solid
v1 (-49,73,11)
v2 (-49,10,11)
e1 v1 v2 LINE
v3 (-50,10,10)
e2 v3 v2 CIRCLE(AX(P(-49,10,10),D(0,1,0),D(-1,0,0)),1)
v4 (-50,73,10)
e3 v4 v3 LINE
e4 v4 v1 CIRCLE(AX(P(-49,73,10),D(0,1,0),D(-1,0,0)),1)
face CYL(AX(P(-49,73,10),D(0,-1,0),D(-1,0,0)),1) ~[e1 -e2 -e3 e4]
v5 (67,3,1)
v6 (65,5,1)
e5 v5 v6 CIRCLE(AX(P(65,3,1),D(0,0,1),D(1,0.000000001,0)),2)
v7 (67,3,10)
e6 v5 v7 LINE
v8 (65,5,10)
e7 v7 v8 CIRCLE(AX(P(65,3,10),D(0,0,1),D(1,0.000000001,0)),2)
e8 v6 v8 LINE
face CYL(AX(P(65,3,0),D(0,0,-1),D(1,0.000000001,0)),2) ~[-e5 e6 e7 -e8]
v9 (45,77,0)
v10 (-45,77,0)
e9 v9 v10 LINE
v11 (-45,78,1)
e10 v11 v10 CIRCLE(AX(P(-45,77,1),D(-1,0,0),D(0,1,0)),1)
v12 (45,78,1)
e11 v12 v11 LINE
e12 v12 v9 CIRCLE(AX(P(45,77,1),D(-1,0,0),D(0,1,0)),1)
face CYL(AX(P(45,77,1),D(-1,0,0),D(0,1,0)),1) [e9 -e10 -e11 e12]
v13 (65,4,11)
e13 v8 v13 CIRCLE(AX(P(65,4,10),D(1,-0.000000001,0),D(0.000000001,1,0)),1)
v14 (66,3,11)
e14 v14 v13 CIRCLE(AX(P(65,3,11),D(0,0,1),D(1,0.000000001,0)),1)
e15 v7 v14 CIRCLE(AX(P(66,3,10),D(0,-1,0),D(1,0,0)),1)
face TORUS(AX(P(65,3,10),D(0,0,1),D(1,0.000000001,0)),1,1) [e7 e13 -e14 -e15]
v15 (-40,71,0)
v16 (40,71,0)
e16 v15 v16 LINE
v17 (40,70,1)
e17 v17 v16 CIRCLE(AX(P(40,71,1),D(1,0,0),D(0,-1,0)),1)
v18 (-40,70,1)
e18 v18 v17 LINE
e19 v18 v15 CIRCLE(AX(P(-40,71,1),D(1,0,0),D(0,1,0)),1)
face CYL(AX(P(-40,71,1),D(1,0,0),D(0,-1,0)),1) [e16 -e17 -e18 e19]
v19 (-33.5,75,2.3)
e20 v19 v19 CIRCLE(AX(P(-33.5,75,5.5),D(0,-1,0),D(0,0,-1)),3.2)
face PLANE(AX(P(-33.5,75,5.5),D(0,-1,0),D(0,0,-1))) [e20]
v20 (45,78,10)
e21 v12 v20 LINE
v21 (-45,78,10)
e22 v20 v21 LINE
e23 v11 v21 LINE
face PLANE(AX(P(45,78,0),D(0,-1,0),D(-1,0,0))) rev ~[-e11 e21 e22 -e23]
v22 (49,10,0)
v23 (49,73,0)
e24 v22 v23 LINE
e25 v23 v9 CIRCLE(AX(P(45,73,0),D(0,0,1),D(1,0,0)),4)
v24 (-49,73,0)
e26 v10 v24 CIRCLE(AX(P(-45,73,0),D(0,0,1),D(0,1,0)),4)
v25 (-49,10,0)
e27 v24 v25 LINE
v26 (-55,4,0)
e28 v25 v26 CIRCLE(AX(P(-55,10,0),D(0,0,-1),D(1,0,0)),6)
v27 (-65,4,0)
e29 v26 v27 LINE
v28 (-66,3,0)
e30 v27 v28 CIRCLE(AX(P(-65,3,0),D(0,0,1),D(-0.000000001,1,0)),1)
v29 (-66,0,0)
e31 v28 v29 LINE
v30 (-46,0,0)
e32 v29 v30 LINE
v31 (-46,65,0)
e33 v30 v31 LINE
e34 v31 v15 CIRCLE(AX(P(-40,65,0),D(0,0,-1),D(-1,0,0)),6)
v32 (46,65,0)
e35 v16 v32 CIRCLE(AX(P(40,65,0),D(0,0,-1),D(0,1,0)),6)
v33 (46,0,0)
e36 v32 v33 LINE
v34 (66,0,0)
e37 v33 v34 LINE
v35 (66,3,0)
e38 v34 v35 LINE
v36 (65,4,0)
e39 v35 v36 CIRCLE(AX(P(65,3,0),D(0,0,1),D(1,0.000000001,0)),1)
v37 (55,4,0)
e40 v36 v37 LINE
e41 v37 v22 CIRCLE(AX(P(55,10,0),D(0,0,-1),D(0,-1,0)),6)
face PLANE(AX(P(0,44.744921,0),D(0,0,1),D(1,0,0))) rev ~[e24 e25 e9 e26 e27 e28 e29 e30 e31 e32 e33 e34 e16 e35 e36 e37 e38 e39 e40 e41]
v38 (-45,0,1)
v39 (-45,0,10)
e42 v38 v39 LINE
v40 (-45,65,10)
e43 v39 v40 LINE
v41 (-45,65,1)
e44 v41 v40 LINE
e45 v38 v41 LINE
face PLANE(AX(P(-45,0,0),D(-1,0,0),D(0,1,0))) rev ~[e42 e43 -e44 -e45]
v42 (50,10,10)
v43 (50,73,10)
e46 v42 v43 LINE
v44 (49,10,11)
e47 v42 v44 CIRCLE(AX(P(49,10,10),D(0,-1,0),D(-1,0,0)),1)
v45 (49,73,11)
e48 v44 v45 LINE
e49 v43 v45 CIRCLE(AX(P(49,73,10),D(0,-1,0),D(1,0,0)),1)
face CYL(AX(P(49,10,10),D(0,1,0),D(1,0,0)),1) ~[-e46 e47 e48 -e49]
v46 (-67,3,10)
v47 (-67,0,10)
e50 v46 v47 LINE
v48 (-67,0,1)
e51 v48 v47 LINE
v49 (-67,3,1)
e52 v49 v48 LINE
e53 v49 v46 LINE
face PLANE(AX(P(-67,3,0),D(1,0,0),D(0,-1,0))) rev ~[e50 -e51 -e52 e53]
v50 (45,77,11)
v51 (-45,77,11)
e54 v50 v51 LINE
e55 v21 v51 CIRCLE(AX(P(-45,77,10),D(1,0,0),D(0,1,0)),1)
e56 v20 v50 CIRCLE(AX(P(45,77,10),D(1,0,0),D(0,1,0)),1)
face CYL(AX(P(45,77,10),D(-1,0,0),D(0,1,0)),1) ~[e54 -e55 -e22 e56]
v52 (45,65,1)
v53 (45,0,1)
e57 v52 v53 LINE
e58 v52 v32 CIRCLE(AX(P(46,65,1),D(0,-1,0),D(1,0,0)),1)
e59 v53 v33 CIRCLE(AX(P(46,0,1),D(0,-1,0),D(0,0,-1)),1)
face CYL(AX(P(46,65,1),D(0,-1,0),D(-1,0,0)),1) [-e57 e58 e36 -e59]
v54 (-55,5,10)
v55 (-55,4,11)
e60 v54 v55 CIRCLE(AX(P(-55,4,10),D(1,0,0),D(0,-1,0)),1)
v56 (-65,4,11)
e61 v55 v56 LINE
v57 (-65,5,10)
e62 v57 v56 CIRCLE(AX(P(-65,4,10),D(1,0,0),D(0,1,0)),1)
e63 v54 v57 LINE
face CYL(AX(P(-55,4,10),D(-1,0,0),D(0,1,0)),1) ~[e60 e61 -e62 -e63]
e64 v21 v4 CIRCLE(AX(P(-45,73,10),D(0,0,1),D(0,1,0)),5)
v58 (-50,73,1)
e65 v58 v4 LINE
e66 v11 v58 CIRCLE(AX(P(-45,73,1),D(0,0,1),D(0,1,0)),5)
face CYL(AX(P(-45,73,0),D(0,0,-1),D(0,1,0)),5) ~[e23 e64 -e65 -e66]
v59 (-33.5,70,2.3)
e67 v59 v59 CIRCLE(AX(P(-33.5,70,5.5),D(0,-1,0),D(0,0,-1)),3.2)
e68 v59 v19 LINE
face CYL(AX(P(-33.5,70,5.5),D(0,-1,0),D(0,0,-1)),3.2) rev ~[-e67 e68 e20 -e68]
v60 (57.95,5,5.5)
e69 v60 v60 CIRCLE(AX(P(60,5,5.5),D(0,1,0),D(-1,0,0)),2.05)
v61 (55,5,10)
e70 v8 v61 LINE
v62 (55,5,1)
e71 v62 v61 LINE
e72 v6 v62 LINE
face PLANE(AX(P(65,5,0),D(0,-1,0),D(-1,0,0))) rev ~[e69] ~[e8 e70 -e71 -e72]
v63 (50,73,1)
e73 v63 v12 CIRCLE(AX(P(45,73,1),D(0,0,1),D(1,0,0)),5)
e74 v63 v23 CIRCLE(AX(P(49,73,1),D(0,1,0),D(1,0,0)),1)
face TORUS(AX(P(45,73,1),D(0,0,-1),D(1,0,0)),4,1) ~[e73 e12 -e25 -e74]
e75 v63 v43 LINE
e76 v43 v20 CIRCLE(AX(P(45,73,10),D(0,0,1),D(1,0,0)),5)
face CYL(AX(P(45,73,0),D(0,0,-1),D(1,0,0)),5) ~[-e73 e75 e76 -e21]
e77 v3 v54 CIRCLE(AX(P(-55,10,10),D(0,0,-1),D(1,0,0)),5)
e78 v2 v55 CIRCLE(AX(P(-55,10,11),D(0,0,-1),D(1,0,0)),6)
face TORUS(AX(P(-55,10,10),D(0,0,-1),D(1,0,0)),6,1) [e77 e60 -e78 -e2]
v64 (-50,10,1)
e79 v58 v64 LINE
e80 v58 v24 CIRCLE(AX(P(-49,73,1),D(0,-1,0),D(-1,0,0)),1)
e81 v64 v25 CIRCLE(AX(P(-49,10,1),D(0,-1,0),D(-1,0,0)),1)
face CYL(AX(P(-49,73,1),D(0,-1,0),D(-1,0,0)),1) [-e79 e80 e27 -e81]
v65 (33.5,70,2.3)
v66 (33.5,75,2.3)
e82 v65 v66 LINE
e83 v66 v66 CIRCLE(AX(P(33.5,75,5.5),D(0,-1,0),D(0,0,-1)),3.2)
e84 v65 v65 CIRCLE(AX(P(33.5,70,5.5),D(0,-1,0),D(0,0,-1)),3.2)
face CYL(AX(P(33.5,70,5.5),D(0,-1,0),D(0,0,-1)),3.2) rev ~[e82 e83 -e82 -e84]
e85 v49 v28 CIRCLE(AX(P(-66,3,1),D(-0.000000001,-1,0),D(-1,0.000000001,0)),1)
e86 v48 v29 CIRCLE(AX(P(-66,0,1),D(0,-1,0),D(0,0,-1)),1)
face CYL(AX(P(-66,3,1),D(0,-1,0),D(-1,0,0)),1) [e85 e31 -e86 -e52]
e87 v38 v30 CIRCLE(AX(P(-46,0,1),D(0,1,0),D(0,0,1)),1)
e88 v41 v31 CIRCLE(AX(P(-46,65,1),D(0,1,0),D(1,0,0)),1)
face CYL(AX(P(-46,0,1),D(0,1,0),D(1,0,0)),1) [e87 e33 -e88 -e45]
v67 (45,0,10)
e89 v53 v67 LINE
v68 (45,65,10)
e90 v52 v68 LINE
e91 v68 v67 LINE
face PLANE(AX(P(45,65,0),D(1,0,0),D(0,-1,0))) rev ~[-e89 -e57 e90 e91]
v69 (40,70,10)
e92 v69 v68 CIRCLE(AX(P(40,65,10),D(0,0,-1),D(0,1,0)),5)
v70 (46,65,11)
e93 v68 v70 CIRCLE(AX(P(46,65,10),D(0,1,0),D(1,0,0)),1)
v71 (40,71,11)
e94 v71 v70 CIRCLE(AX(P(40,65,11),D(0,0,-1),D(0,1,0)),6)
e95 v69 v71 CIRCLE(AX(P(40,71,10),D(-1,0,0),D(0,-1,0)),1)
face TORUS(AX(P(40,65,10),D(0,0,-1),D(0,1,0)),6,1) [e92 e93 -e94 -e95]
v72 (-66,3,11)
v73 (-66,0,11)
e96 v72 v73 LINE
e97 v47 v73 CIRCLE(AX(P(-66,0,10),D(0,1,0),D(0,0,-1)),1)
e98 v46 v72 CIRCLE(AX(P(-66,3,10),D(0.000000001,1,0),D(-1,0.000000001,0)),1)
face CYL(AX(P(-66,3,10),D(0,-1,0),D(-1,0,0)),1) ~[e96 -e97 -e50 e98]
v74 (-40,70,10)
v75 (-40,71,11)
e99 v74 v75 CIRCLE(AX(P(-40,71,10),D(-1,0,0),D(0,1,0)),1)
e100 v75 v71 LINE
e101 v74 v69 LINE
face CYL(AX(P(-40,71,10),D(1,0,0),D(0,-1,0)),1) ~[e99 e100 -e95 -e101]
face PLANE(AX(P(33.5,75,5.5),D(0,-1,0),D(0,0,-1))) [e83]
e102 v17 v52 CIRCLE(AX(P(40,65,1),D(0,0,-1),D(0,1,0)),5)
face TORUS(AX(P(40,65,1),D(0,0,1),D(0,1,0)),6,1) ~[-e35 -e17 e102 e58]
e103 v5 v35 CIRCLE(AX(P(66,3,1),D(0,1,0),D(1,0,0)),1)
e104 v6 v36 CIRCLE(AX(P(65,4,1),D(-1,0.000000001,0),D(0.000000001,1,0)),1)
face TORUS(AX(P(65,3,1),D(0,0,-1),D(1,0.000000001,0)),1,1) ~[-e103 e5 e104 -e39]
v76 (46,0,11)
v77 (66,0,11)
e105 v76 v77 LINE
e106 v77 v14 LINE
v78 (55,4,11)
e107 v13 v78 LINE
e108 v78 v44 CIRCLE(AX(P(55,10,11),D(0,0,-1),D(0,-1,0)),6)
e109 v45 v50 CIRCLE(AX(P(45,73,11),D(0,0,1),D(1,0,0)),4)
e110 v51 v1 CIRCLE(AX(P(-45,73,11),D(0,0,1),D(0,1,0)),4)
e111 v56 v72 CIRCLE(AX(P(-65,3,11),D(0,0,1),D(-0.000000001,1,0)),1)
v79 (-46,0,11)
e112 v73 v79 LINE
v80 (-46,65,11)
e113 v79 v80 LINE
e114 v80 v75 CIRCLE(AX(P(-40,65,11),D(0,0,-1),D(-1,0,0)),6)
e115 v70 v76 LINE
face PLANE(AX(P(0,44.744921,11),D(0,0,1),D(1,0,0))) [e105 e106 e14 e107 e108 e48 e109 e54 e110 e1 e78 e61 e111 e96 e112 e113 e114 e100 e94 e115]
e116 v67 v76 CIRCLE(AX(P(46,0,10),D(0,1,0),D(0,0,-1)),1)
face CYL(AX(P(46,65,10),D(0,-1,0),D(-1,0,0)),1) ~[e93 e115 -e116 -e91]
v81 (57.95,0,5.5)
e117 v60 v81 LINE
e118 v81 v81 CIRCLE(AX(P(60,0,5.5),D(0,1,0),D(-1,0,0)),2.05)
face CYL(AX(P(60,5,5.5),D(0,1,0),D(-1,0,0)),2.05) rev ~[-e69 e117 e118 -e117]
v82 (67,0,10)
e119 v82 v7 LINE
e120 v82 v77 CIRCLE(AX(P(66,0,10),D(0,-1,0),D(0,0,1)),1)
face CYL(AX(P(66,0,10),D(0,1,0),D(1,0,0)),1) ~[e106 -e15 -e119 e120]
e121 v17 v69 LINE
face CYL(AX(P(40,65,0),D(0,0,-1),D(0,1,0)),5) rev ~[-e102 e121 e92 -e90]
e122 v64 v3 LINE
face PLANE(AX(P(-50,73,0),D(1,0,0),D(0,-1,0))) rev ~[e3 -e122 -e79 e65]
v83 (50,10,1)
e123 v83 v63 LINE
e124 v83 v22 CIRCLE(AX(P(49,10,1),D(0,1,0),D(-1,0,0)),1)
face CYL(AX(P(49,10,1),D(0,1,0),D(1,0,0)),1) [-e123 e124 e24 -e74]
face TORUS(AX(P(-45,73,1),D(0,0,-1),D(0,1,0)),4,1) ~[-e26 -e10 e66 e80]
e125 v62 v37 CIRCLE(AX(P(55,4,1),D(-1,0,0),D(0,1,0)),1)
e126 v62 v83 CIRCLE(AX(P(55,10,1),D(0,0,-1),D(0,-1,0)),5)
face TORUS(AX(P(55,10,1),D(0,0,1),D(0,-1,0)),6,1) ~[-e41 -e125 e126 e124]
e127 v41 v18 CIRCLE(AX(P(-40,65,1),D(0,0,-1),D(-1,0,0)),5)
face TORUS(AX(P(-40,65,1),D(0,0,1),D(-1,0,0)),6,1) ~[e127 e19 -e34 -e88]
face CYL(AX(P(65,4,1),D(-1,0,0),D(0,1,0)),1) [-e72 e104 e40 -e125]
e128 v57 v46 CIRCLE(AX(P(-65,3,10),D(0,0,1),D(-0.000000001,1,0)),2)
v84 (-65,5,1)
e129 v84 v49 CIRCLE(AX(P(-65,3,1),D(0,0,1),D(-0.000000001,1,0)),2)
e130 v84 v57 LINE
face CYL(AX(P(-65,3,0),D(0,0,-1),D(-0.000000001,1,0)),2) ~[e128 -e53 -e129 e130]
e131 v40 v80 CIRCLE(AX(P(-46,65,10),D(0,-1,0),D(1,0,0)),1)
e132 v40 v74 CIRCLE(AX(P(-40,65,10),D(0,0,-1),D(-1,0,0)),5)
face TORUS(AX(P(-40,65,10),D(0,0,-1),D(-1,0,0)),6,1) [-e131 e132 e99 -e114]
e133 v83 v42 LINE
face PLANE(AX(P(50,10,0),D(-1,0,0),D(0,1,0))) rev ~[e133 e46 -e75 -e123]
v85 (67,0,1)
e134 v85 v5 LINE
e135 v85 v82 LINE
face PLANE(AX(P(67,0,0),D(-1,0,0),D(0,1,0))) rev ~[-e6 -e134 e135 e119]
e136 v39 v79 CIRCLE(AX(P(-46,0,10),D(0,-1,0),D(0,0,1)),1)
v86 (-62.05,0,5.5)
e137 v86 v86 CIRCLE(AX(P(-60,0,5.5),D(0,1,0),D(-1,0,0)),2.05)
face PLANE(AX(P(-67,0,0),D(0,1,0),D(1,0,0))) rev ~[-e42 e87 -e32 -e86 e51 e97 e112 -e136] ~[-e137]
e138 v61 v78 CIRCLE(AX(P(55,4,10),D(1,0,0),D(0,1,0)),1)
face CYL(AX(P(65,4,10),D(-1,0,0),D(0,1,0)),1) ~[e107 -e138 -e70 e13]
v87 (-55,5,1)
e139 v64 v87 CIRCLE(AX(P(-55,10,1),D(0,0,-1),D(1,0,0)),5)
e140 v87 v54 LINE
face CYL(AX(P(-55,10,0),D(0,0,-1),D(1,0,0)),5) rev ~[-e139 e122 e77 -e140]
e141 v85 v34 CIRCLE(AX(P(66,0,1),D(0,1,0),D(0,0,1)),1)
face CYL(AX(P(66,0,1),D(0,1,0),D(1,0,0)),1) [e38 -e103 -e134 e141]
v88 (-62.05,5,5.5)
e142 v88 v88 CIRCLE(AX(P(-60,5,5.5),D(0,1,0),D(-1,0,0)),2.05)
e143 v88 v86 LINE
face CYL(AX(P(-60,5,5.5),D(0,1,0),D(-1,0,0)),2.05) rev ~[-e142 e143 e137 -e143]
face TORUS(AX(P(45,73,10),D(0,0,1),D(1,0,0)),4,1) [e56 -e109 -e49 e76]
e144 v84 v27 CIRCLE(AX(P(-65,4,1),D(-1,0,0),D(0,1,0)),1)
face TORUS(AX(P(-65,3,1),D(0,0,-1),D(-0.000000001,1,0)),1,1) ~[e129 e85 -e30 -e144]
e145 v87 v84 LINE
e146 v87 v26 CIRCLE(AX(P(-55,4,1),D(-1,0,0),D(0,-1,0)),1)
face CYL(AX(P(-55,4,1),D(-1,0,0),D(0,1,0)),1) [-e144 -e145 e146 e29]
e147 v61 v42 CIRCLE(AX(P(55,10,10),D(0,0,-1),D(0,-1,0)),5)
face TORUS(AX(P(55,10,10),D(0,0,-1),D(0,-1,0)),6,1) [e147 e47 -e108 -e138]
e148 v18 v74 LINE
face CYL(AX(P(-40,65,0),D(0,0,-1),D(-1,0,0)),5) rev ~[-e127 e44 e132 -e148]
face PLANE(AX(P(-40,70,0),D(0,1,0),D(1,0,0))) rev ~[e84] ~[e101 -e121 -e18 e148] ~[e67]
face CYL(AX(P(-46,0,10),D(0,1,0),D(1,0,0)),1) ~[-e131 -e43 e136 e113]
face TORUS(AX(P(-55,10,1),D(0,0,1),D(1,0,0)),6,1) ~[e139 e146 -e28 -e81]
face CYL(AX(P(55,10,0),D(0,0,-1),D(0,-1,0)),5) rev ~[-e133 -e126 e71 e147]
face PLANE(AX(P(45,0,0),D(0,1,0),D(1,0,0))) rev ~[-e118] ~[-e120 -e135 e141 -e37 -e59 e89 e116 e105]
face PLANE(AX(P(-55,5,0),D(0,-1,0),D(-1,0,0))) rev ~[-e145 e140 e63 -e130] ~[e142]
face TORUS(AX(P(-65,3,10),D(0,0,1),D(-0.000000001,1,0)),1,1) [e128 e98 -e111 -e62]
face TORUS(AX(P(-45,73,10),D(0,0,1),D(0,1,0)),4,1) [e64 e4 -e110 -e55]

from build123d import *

# Parameters (mm, degrees)
BOSS_EXTRU_1_DEPTH      = 11
CONG_1_R                = 1
ESQUISSE2_R             = 3.2
ENL_V_MAT_EXTRU_1_DEPTH = 5
ESQUISSE3_R             = 2.05
ENL_V_MAT_EXTRU_2_DEPTH = 100.694533451


with BuildPart() as part:
    # Esquisse1 → Boss.-Extru.1 (new body)
    with BuildSketch(Plane.XY):
        with BuildLine():
            Line((-67, 0), (-45, 0))
            Line((-45, 0), (-45, 65))
            ThreePointArc((-45, 65), (-43.535533906, 68.535533906), (-40, 70))
            Line((-40, 70), (40, 70))
            ThreePointArc((40, 70), (43.535533906, 68.535533906), (45, 65))
            Line((45, 65), (45, 0))
            Line((45, 0), (67, 0))
            Line((67, 0), (67, 3))
            ThreePointArc((67, 3), (66.414213562, 4.414213562), (65, 5))
            Line((65, 5), (55, 5))
            ThreePointArc((55, 5), (51.464466094, 6.464466094), (50, 10))
            Line((50, 10), (50, 73))
            ThreePointArc((50, 73), (48.535533906, 76.535533906), (45, 78))
            Line((45, 78), (-45, 78))
            ThreePointArc((-45, 78), (-48.535533906, 76.535533906), (-50, 73))
            Line((-50, 73), (-50, 10))
            ThreePointArc((-50, 10), (-51.464466094, 6.464466094), (-55, 5))
            Line((-55, 5), (-65, 5))
            ThreePointArc((-65, 5), (-66.414213562, 4.414213562), (-67, 3))
            Line((-67, 3), (-67, 0))
        make_face()
    extrude(amount=BOSS_EXTRU_1_DEPTH)

    # Congé1
    cong_1_edges = [part.edges().sort_by_distance(p)[0] for p in [
        (-66.414213562, 4.414213562, 11),
        (-67, 1.5, 11),
        (-50, 41.5, 0),
        (-48.535533906, 76.535533906, 0),
        (0, 78, 0),
        (48.535533906, 76.535533906, 0),
        (50, 41.5, 0),
        (51.464466094, 6.464466094, 0),
        (60, 5, 0),
        (66.414213562, 4.414213562, 0),
        (67, 1.5, 0),
        (45, 32.5, 0),
        (43.535533906, 68.535533906, 0),
        (0, 70, 0),
        (-43.535533906, 68.535533906, 0),
        (-45, 32.5, 11),
        (-45, 32.5, 0),
        (-67, 1.5, 0),
        (-66.414213562, 4.414213562, 0),
        (-60, 5, 0),
        (-51.464466094, 6.464466094, 0),
        (-43.535533906, 68.535533906, 11),
        (0, 70, 11),
        (43.535533906, 68.535533906, 11),
        (45, 32.5, 11),
        (67, 1.5, 11),
        (-51.464466094, 6.464466094, 11),
        (66.414213562, 4.414213562, 11),
        (60, 5, 11),
        (51.464466094, 6.464466094, 11),
        (50, 41.5, 11),
        (48.535533906, 76.535533906, 11),
        (0, 78, 11),
        (-48.535533906, 76.535533906, 11),
        (-50, 41.5, 11),
        (-60, 5, 11),
    ]]
    fillet(cong_1_edges, radius=CONG_1_R)

    # Esquisse2 → Enlèv. mat.-Extru.1 (cut)
    with BuildSketch(Plane.XZ.offset(-70)):
        with Locations(Location((-33.5, 5.5, 0), (0, 0, 270))):
            Circle(ESQUISSE2_R)
        with Locations(Location((33.5, 5.5, 0), (0, 0, 270))):
            Circle(ESQUISSE2_R)
    extrude(amount=-ENL_V_MAT_EXTRU_1_DEPTH, mode=Mode.SUBTRACT)

    # Esquisse3 → Enlèv. mat.-Extru.2 (cut, through all)
    with BuildSketch(Plane(origin=(0, 5, 0), x_dir=(1, 0, 0), z_dir=(0, 1, 0))):
        with Locations(Location((-60, -5.5, 0), (0, 0, 180))):
            Circle(ESQUISSE3_R)
        with Locations(Location((60, -5.5, 0), (0, 0, 180))):
            Circle(ESQUISSE3_R)
    extrude(amount=-ENL_V_MAT_EXTRU_2_DEPTH, mode=Mode.SUBTRACT)


solid = part.part
